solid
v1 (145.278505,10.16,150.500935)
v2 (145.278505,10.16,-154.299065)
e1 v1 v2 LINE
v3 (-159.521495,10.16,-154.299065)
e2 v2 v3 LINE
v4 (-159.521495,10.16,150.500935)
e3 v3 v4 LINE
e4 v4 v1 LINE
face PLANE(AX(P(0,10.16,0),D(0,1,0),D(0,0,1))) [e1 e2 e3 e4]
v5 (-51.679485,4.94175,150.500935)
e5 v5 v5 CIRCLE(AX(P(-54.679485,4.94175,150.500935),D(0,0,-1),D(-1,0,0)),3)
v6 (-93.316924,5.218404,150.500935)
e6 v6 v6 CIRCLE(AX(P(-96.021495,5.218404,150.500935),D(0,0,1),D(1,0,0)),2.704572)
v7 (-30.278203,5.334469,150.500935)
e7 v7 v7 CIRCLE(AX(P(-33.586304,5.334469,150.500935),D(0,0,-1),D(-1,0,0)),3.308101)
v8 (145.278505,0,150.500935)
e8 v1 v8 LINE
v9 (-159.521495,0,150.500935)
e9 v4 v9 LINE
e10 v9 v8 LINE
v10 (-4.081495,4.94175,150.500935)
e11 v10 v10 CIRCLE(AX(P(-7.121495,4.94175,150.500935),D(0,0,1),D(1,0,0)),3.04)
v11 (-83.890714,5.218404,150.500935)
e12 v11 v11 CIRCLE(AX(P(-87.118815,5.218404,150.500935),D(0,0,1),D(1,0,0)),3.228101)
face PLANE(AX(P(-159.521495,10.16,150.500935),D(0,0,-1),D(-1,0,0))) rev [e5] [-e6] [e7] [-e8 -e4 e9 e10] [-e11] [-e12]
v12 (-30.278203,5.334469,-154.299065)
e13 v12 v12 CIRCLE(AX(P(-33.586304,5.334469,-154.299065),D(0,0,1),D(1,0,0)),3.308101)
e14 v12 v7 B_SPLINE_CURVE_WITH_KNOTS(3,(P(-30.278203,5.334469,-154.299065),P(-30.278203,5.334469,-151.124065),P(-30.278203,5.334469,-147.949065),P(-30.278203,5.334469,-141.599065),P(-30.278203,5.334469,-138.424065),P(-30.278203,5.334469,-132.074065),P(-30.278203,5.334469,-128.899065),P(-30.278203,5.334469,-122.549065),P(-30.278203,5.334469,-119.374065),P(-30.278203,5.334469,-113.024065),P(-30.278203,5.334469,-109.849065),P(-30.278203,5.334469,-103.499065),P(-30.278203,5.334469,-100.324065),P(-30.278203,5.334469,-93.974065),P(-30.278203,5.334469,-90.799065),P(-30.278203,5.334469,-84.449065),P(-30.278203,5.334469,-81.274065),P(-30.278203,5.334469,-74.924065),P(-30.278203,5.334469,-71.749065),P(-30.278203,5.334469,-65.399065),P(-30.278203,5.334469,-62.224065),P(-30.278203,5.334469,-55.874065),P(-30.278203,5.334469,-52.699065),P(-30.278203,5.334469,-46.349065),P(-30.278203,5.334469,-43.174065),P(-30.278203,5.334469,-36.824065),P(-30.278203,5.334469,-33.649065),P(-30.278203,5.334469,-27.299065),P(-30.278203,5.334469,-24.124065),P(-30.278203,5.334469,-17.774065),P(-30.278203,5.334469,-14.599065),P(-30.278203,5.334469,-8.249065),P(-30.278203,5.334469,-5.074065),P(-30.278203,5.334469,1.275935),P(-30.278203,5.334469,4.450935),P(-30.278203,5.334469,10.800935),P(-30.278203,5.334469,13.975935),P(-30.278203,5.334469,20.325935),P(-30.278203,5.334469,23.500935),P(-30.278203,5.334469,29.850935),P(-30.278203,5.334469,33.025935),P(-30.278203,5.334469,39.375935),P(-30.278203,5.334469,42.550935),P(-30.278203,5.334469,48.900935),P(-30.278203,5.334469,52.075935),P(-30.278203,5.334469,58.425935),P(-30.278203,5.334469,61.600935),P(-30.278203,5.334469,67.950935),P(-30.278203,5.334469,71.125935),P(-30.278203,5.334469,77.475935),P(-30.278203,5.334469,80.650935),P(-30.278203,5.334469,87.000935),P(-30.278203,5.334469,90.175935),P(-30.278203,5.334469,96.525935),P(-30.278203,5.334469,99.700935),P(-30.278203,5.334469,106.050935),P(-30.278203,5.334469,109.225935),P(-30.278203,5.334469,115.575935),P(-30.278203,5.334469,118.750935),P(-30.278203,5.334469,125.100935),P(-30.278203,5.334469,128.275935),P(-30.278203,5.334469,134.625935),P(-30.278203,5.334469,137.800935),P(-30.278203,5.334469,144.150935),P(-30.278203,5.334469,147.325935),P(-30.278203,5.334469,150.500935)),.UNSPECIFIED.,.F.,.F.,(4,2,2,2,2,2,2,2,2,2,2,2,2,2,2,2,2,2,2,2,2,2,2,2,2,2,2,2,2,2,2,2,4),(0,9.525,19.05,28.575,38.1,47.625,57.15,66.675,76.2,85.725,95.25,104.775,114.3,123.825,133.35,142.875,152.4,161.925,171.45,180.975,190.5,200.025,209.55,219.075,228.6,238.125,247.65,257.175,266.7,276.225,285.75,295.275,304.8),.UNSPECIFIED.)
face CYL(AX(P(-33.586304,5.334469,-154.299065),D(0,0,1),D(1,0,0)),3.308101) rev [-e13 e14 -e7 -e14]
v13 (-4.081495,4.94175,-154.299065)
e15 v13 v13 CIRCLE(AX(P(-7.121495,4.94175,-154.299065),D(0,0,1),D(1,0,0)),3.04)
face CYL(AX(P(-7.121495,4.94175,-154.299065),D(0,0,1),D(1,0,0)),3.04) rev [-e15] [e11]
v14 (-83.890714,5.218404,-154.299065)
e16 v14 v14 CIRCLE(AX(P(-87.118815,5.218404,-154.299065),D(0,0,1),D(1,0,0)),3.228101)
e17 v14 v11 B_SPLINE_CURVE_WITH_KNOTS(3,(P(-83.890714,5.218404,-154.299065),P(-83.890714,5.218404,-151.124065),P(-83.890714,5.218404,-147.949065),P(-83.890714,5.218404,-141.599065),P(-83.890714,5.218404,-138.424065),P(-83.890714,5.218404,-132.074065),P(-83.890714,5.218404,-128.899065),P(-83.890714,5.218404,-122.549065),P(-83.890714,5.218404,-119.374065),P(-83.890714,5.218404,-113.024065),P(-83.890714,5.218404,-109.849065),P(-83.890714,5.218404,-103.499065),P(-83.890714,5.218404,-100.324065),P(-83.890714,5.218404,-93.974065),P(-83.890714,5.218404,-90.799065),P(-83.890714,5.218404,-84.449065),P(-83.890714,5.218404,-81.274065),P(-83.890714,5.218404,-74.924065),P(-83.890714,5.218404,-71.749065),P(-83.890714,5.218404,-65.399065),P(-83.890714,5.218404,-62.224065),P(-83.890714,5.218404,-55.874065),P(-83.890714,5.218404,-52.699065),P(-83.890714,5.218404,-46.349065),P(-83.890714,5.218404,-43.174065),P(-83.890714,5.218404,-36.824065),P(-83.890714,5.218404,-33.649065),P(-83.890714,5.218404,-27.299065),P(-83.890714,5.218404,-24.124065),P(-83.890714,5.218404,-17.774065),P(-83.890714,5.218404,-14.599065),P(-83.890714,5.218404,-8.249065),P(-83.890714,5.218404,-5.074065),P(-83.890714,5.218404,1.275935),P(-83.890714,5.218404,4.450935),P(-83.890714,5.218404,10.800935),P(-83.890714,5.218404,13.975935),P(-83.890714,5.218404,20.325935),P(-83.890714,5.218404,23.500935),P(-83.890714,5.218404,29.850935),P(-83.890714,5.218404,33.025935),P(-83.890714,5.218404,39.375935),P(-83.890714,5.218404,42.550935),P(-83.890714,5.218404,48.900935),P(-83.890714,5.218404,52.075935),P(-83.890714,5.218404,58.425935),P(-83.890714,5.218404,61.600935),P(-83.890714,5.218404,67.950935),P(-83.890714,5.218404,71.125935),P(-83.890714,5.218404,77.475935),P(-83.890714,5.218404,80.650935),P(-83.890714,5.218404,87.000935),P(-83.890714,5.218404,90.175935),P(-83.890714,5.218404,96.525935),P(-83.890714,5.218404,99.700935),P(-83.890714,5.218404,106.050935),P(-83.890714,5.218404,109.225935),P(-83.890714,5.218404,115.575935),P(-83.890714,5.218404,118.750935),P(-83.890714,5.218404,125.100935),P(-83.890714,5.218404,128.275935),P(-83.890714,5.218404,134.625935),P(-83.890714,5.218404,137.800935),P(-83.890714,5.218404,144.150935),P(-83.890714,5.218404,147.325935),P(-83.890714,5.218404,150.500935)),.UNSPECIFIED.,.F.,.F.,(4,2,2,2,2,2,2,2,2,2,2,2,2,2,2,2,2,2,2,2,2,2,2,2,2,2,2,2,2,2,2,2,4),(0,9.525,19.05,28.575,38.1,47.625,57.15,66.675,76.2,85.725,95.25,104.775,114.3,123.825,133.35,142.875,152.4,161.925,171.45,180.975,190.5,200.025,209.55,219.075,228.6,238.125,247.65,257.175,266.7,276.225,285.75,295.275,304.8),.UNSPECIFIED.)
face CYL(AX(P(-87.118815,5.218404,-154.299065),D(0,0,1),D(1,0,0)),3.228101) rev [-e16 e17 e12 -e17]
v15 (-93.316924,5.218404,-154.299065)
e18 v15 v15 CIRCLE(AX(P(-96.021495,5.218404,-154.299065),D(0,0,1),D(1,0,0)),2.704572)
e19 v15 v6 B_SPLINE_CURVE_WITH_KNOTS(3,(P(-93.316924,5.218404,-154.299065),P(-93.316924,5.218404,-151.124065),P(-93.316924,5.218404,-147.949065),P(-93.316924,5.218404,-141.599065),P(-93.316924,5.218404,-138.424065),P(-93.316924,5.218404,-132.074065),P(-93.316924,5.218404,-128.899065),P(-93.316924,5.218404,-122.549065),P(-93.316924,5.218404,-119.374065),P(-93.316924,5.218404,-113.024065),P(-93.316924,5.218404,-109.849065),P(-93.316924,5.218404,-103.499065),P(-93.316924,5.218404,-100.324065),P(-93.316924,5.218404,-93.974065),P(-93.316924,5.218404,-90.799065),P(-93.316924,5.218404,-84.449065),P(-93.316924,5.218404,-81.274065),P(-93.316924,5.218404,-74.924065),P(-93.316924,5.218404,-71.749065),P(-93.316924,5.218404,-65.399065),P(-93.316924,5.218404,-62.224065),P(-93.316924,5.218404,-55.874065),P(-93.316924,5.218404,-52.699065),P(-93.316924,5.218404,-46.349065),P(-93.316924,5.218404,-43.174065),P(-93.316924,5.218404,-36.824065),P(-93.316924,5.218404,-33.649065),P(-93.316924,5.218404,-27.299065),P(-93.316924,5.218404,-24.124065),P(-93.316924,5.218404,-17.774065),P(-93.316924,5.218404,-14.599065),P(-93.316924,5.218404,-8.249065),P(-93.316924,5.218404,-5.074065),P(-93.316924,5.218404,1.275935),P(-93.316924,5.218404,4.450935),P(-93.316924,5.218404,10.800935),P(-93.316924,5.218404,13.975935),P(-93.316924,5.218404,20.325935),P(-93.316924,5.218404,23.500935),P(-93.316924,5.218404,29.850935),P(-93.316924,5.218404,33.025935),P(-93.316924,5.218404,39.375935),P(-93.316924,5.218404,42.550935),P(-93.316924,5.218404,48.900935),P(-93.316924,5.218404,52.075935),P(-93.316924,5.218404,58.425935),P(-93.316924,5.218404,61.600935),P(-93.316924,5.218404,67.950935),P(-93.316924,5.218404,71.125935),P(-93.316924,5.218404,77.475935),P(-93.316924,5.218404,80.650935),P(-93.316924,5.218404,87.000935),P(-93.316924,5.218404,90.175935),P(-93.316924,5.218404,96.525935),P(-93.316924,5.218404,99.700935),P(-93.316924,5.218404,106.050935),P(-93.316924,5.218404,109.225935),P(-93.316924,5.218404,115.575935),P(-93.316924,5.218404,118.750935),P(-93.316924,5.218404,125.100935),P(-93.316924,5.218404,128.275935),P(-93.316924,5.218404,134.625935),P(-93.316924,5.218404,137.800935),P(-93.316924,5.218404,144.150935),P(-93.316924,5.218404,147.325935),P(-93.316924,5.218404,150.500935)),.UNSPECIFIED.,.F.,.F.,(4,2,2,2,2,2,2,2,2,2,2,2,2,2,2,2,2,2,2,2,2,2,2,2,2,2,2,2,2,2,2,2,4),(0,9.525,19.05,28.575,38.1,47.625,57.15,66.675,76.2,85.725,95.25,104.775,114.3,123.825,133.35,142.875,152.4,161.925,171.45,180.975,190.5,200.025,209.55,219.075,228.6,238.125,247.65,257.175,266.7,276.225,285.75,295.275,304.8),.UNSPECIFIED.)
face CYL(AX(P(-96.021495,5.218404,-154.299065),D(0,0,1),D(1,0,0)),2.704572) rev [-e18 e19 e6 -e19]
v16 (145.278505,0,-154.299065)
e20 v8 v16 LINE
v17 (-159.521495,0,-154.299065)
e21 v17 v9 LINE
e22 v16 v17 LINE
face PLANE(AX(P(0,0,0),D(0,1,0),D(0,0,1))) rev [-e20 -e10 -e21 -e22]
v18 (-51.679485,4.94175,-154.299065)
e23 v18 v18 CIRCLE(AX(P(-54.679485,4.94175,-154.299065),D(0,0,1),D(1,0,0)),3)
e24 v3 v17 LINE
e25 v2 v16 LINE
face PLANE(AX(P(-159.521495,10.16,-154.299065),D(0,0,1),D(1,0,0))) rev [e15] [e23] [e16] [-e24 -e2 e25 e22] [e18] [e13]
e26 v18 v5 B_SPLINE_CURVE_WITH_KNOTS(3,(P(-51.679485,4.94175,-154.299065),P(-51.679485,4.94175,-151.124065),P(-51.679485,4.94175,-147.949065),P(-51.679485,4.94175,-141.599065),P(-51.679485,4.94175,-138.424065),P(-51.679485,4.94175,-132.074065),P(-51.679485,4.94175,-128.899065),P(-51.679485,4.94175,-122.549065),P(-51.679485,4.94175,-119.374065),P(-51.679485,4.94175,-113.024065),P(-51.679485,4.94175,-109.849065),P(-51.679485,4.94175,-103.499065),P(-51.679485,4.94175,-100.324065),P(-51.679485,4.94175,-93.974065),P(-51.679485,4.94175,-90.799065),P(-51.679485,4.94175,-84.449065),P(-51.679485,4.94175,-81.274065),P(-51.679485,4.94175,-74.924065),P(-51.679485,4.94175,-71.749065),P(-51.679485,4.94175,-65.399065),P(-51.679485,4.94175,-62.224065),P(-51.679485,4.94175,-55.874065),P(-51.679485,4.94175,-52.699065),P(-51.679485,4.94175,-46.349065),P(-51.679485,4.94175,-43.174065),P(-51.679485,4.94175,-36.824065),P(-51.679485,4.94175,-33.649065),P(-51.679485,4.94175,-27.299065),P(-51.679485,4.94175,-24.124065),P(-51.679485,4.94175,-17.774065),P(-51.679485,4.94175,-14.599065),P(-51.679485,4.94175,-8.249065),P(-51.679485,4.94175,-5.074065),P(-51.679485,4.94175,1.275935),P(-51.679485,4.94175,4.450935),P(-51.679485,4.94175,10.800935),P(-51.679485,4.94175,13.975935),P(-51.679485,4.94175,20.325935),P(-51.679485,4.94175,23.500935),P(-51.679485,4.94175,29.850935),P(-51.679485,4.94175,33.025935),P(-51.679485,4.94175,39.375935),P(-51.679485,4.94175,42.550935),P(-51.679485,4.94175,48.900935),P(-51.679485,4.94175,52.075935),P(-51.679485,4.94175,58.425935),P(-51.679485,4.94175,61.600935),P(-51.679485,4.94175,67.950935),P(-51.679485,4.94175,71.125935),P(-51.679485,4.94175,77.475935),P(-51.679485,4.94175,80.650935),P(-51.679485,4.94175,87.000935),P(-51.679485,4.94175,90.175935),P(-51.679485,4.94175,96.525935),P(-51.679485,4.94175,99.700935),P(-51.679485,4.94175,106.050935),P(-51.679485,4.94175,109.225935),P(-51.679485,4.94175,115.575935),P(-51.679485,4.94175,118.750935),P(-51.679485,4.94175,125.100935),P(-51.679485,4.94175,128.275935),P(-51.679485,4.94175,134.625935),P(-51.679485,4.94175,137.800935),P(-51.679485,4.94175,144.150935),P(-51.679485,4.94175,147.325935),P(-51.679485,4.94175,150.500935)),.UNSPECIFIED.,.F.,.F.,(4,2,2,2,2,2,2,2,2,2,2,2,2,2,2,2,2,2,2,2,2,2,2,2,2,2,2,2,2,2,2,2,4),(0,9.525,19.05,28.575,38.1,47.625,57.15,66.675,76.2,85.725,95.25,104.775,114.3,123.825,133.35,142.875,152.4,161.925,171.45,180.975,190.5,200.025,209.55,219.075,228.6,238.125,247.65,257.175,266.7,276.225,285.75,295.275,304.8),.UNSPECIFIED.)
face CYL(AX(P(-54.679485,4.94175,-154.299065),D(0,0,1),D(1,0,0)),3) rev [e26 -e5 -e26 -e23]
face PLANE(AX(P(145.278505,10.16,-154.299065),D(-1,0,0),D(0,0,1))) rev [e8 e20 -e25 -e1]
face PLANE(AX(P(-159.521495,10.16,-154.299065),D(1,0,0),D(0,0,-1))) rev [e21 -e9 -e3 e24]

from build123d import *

# Parameters (mm, degrees)
SKETCH1_W               = 304.8
SKETCH1_H               = 304.8
BOSS_EXTRUDE1_DEPTH     = 10.16
CUT_EXTRUDE1_DEPTH      = 223.167807436
CUT_EXTRUDE1_DEPTH_BACK = 223.167807436
SKETCH2_R               = 3.04
SKETCH4_R               = 3.2281005
CUT_EXTRUDE3_DEPTH      = 345.170558112
CUT_EXTRUDE4_DEPTH      = 345.170558112
CUT_EXTRUDE4_DEPTH_BACK = 345.170558112
SKETCH5_R               = 3.308101134
CUT_EXTRUDE5_DEPTH      = 345.170558112
CUT_EXTRUDE5_DEPTH_BACK = 345.170558112
SKETCH3_R               = 3
SKETCH6_R               = 2.704571709
CUT_EXTRUDE6_DEPTH      = 345.170558112


with BuildPart() as part:
    # Sketch1 → Boss-Extrude1 (new body)
    with BuildSketch(Plane(origin=(0, 0, 0), x_dir=(1, 0, 0), z_dir=(0, 1, 0))):
        with Locations((-7.121495327, 1.899065421)):
            Rectangle(SKETCH1_W, SKETCH1_H)
    extrude(amount=BOSS_EXTRUDE1_DEPTH)

    # Sketch2 → Cut-Extrude1 (cut, two sides: drawn at the far end of the back side and taken through both)
    with BuildSketch(Plane.XY.offset(-CUT_EXTRUDE1_DEPTH_BACK)):
        with Locations((-7.121495327, 4.941750029)):
            Circle(SKETCH2_R)
    extrude(amount=CUT_EXTRUDE1_DEPTH + CUT_EXTRUDE1_DEPTH_BACK, mode=Mode.SUBTRACT)

    # Sketch4 → Cut-Extrude3 (cut, through all)
    with BuildSketch(Plane.XY.offset(150.500934579)):
        with Locations((-87.118814918, 5.218403667)):
            Circle(SKETCH4_R)
    extrude(amount=-CUT_EXTRUDE3_DEPTH, mode=Mode.SUBTRACT)

    # Sketch5 → Cut-Extrude4 (cut, two sides: drawn at the far end of the back side and taken through both)
    with BuildSketch(Plane.XY.offset(150.500934579).offset(-CUT_EXTRUDE4_DEPTH_BACK)):
        with Locations((-33.586304402, 5.334469318)):
            Circle(SKETCH5_R)
    extrude(amount=CUT_EXTRUDE4_DEPTH + CUT_EXTRUDE4_DEPTH_BACK, mode=Mode.SUBTRACT)

    # Sketch3 → Cut-Extrude5 (cut, two sides: drawn at the far end of the back side and taken through both)
    with BuildSketch(Plane.XY.offset(150.500934579).offset(-CUT_EXTRUDE5_DEPTH_BACK)):
        with Locations((-54.67948523, 4.941750029)):
            Circle(SKETCH3_R)
    extrude(amount=CUT_EXTRUDE5_DEPTH + CUT_EXTRUDE5_DEPTH_BACK, mode=Mode.SUBTRACT)

    # Sketch6 → Cut-Extrude6 (cut, through all)
    with BuildSketch(Plane.XY.offset(150.500934579)):
        with Locations((-96.021495327, 5.218403667)):
            Circle(SKETCH6_R)
    extrude(amount=-CUT_EXTRUDE6_DEPTH, mode=Mode.SUBTRACT)


solid = part.part
